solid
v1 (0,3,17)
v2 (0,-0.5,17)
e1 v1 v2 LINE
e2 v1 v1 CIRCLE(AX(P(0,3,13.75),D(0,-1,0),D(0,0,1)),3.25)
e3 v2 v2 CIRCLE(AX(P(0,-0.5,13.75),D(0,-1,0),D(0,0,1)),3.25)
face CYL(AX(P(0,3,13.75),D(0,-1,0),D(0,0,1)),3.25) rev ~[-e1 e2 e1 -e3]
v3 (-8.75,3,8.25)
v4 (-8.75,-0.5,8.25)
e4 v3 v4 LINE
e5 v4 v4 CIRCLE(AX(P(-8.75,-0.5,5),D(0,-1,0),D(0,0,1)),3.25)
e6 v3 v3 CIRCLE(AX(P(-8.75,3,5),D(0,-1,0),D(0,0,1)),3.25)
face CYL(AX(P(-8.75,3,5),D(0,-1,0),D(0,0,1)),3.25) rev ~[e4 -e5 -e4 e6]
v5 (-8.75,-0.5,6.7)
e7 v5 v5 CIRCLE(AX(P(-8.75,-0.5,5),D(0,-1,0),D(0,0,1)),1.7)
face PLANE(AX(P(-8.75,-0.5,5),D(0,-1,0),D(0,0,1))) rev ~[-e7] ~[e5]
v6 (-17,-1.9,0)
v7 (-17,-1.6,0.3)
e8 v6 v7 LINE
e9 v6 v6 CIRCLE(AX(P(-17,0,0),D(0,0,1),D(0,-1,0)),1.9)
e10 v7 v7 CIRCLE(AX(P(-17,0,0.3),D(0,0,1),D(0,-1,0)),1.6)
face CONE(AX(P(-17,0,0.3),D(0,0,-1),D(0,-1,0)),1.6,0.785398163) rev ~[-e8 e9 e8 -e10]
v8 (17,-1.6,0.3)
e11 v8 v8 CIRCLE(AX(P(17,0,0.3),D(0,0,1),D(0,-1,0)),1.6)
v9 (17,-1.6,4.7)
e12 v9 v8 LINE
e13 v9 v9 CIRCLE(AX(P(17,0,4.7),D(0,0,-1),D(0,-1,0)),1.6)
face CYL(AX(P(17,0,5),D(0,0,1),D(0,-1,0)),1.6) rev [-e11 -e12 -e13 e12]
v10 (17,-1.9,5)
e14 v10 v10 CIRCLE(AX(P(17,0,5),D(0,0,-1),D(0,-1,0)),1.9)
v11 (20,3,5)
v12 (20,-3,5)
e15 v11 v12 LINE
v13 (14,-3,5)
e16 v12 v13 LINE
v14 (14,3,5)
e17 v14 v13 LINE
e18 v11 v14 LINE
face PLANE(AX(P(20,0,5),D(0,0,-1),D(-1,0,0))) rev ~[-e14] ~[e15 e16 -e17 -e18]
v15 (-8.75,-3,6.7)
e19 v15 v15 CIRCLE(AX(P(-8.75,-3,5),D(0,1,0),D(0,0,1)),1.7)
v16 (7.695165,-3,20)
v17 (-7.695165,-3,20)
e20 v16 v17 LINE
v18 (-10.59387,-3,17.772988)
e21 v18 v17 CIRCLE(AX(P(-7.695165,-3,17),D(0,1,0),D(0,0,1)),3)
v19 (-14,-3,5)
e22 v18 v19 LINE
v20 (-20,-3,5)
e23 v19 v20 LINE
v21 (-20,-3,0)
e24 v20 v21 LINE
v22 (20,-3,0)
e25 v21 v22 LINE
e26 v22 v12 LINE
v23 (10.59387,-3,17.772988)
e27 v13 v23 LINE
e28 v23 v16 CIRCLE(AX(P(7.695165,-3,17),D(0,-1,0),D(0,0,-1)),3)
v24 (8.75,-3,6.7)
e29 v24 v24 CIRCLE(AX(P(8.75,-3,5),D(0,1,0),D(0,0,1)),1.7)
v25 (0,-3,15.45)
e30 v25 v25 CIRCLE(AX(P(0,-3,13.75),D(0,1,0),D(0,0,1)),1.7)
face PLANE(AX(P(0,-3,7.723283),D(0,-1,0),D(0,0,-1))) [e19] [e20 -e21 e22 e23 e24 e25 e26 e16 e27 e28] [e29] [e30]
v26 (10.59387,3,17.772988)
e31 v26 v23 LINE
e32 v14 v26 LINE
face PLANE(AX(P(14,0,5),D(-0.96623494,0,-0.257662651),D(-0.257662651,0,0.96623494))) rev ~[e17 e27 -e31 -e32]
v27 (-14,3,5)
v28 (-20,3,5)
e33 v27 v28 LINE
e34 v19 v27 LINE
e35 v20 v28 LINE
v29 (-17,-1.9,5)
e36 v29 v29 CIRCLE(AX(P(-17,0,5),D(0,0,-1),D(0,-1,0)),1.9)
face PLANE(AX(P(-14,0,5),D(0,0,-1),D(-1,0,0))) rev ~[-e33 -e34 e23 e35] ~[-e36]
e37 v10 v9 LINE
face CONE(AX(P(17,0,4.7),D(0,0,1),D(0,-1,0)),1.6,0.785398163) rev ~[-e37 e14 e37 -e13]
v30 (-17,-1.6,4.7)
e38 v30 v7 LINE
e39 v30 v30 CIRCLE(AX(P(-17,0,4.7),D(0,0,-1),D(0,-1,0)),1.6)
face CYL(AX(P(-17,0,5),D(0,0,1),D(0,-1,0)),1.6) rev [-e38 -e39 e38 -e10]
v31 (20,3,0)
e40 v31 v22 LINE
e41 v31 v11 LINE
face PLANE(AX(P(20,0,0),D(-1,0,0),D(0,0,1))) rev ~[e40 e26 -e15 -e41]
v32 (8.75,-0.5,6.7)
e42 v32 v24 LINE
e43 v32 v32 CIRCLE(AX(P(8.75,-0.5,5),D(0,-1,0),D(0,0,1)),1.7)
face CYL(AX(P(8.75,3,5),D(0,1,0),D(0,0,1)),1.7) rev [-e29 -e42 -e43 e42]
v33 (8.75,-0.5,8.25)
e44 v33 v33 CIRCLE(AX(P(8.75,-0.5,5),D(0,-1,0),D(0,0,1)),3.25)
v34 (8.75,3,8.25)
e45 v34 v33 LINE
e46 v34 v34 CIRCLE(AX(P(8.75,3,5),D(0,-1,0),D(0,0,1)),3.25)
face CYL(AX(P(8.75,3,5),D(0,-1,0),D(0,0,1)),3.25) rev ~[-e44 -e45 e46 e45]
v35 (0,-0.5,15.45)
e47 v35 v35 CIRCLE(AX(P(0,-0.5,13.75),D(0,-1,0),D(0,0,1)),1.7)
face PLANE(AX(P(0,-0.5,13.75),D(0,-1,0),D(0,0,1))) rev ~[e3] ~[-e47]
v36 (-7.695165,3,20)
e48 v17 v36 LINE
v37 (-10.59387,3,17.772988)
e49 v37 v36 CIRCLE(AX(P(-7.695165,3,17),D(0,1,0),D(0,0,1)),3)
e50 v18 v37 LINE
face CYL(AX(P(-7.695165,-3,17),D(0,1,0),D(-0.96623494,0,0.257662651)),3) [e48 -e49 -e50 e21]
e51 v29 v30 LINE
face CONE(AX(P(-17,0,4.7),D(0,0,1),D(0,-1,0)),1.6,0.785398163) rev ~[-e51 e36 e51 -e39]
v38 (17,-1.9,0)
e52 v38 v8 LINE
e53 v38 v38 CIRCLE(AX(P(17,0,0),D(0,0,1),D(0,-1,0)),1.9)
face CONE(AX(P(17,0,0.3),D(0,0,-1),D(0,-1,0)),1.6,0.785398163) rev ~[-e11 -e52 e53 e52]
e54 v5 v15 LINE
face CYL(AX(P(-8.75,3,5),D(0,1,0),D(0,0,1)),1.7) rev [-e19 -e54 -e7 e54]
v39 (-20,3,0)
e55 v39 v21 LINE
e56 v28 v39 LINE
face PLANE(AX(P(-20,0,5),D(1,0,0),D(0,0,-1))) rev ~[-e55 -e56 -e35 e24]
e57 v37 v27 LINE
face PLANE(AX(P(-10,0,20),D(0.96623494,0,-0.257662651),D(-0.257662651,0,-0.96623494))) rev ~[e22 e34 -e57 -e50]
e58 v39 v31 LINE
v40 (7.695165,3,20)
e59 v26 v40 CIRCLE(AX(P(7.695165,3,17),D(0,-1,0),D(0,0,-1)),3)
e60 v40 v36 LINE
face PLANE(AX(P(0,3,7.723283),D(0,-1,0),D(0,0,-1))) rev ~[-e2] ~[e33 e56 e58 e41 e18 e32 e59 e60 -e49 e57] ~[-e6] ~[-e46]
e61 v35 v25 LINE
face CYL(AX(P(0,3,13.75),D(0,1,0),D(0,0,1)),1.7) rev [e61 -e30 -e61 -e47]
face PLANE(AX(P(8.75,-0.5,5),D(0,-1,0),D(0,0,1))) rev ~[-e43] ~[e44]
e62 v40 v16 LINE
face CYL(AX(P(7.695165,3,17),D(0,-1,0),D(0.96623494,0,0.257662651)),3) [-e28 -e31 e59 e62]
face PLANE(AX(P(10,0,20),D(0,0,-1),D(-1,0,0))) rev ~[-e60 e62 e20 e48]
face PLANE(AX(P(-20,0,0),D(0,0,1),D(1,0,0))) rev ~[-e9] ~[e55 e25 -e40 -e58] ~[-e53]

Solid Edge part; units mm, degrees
sketch "Sketch1" plane through (0, 0, 0) normal (0, -1, 0) x (1, 0, 0)
  line L0 (-20, 5) -> (-20, 0)
  line L1 (-20, 0) -> (20, 0)
  line L2 (20, 0) -> (20, 5)
  line L3 (20, 5) -> (14, 5)
  line L4 (14, 5) -> (10, 20)
  line L5 (10, 20) -> (-10, 20)
  line L6 (-10, 20) -> (-14, 5)
  line L7 (-14, 5) -> (-20, 5)
  dimension "D1" = 20
  dimension "D2" = 40
  dimension "D3" = 28
  dimension "D4" = 5
  dimension "D5" = 15
extrude "Protrusion1" add sketch "Sketch1" along normal mid plane 6
fillet "rounds" radius 3 2 edges at (10, 0, 20) (-10, 0, 20)
hole "Hole1" at (0, 3, 13.75) direction (0, -1, 0) diameter 3.4 end up to next counterbore diameter 6.5 counterbore depth 3.5
hole "Hole2" at (8.75, 3, 5) direction (0, -1, 0) diameter 3.4 end up to next counterbore diameter 6.5 counterbore depth 3.5
hole "Hole3" at (-8.75, 3, 5) direction (0, -1, 0) diameter 3.4 end up to next counterbore diameter 6.5 counterbore depth 3.5
hole "Hole4" at (-17, 0, 5) direction (0, 0, -1) diameter 3.2 end up to next start chamfer 0.3 start chamfer angle 45 end chamfer 0.3 end chamfer angle 45
hole "Hole5" at (17, 0, 5) direction (0, 0, -1) diameter 3.2 end up to next start chamfer 0.3 start chamfer angle 45 end chamfer 0.3 end chamfer angle 45
properties material "Polyethylene, low density"
